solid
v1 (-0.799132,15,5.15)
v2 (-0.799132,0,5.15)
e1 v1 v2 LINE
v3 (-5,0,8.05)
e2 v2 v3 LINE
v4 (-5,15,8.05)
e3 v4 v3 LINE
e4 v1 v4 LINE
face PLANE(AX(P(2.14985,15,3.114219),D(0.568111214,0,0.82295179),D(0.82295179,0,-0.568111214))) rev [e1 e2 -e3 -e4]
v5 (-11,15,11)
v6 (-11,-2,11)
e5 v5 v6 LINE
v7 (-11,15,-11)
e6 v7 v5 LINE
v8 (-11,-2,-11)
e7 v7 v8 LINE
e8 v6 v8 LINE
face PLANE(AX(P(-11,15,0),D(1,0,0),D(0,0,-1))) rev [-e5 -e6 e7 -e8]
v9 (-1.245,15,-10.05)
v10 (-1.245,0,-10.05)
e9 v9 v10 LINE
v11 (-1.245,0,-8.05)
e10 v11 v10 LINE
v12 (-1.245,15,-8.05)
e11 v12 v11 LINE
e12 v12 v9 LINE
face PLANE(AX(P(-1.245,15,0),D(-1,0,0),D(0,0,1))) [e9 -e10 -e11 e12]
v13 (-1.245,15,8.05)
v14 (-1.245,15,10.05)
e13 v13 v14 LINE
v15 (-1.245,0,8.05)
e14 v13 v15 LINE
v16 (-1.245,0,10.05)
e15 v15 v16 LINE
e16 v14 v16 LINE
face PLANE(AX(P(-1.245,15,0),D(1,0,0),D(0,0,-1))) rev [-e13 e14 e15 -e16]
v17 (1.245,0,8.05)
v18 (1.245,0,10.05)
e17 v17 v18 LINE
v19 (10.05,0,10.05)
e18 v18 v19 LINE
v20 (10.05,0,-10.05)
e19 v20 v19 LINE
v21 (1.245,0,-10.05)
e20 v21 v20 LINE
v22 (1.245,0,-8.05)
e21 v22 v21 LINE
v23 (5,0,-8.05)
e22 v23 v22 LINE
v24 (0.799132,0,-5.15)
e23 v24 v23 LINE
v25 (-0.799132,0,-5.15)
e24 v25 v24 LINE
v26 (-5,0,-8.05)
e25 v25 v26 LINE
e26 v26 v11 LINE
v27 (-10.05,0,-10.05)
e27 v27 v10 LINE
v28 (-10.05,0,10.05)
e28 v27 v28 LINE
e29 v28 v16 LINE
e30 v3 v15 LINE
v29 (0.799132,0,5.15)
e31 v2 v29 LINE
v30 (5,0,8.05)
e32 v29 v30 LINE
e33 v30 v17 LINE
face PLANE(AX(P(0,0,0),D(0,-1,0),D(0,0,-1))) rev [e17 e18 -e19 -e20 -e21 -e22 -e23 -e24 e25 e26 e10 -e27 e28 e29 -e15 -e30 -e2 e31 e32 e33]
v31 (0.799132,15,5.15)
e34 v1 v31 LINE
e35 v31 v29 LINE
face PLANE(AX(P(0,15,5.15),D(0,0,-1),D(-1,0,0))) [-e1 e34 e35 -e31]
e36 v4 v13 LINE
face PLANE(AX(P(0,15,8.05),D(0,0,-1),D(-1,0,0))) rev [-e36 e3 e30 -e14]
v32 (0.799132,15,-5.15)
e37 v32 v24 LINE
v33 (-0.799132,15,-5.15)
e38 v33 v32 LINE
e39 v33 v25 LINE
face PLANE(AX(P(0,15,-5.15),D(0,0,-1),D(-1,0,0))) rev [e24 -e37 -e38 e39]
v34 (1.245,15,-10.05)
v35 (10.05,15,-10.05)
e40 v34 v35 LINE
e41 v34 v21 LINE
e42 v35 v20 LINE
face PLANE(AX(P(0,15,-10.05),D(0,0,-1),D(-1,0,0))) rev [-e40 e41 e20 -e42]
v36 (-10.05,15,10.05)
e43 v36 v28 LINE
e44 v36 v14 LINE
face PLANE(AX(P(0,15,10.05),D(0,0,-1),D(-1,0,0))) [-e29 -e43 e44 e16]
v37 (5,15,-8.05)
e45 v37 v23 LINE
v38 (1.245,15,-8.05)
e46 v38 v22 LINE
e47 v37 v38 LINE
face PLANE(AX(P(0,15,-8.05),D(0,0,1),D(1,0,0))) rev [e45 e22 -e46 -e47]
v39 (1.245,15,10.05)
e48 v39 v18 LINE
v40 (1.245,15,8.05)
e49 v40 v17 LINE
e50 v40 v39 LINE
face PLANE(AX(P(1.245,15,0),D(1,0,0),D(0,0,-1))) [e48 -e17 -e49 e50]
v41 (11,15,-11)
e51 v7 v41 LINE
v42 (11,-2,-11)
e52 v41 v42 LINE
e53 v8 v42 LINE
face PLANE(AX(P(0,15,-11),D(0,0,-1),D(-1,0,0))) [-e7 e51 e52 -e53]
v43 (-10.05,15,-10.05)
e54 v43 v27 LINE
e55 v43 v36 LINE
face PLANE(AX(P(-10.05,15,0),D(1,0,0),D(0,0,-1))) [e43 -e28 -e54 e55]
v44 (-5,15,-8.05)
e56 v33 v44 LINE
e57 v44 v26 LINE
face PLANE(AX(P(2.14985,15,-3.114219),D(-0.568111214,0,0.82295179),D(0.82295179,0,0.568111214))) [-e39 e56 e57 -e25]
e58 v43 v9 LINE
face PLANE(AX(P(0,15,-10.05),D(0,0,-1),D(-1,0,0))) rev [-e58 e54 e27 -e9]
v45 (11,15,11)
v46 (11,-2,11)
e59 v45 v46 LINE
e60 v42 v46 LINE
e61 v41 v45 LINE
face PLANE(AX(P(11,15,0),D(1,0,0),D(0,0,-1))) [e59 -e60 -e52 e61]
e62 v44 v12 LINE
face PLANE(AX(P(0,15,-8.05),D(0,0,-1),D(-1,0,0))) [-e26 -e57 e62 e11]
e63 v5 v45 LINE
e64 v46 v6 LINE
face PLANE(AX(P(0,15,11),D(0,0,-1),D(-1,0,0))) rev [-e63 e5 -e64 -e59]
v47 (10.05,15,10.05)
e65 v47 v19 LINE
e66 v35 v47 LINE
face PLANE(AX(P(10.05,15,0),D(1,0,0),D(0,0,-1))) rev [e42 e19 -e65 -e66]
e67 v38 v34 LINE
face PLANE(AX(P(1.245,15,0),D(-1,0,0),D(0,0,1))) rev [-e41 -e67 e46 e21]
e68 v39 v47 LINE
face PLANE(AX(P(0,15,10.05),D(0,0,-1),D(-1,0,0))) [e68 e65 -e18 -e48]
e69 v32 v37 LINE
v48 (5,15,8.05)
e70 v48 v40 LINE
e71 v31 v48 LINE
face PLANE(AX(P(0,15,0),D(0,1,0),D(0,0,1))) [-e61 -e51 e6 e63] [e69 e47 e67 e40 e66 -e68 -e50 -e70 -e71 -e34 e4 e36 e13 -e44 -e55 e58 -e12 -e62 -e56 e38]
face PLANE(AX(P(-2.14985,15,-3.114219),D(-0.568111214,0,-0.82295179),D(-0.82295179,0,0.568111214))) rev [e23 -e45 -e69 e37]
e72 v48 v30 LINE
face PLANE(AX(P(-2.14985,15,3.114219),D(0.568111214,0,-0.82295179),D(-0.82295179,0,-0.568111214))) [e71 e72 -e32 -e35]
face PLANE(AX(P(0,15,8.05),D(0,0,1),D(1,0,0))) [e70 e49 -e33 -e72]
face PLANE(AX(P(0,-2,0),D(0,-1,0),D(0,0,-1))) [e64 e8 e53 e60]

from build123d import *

# Parameters (mm, degrees)
SKETCH1_W           = 22
SKETCH1_H           = 22
SKETCH1_W_2         = 20.1
SKETCH1_H_2         = 20.1
BOSS_EXTRUDE1_DEPTH = 15
SKETCH2_W           = 22
SKETCH2_H           = 22
BOSS_EXTRUDE2_DEPTH = 2


with BuildPart() as part:
    # Sketch1 → Boss-Extrude1 (new body)
    # profile 1 of 3: a face of its own
    with BuildSketch(Plane(origin=(0, 0, 0), x_dir=(1, 0, 0), z_dir=(0, 1, 0))):
        Rectangle(SKETCH1_W, SKETCH1_H)
        Rectangle(SKETCH1_W_2, SKETCH1_H_2, mode=Mode.SUBTRACT)
    # profile 2 of 3: a face of its own
    with BuildSketch(Plane(origin=(0, 0, 0), x_dir=(1, 0, 0), z_dir=(0, 1, 0))):
        Polygon((1.245, 10.05), (-1.245, 10.05), (-1.245, 8.05), (-5, 8.05), (-0.799132047, 5.15), (0.799132047, 5.15), (5, 8.05), (1.245, 8.05), align=None)
    # profile 3 of 3: a face of its own
    with BuildSketch(Plane(origin=(0, 0, 0), x_dir=(1, 0, 0), z_dir=(0, 1, 0))):
        Polygon((-1.245, -8.05), (-1.245, -10.05), (1.245, -10.05), (1.245, -8.05), (5, -8.05), (0.799132047, -5.15), (-0.799132047, -5.15), (-5, -8.05), align=None)
    extrude(amount=BOSS_EXTRUDE1_DEPTH)

    # Sketch2 → Boss-Extrude2 (add)
    with BuildSketch(Plane.XZ):
        Rectangle(SKETCH2_W, SKETCH2_H)
    extrude(amount=BOSS_EXTRUDE2_DEPTH)


solid = part.part
